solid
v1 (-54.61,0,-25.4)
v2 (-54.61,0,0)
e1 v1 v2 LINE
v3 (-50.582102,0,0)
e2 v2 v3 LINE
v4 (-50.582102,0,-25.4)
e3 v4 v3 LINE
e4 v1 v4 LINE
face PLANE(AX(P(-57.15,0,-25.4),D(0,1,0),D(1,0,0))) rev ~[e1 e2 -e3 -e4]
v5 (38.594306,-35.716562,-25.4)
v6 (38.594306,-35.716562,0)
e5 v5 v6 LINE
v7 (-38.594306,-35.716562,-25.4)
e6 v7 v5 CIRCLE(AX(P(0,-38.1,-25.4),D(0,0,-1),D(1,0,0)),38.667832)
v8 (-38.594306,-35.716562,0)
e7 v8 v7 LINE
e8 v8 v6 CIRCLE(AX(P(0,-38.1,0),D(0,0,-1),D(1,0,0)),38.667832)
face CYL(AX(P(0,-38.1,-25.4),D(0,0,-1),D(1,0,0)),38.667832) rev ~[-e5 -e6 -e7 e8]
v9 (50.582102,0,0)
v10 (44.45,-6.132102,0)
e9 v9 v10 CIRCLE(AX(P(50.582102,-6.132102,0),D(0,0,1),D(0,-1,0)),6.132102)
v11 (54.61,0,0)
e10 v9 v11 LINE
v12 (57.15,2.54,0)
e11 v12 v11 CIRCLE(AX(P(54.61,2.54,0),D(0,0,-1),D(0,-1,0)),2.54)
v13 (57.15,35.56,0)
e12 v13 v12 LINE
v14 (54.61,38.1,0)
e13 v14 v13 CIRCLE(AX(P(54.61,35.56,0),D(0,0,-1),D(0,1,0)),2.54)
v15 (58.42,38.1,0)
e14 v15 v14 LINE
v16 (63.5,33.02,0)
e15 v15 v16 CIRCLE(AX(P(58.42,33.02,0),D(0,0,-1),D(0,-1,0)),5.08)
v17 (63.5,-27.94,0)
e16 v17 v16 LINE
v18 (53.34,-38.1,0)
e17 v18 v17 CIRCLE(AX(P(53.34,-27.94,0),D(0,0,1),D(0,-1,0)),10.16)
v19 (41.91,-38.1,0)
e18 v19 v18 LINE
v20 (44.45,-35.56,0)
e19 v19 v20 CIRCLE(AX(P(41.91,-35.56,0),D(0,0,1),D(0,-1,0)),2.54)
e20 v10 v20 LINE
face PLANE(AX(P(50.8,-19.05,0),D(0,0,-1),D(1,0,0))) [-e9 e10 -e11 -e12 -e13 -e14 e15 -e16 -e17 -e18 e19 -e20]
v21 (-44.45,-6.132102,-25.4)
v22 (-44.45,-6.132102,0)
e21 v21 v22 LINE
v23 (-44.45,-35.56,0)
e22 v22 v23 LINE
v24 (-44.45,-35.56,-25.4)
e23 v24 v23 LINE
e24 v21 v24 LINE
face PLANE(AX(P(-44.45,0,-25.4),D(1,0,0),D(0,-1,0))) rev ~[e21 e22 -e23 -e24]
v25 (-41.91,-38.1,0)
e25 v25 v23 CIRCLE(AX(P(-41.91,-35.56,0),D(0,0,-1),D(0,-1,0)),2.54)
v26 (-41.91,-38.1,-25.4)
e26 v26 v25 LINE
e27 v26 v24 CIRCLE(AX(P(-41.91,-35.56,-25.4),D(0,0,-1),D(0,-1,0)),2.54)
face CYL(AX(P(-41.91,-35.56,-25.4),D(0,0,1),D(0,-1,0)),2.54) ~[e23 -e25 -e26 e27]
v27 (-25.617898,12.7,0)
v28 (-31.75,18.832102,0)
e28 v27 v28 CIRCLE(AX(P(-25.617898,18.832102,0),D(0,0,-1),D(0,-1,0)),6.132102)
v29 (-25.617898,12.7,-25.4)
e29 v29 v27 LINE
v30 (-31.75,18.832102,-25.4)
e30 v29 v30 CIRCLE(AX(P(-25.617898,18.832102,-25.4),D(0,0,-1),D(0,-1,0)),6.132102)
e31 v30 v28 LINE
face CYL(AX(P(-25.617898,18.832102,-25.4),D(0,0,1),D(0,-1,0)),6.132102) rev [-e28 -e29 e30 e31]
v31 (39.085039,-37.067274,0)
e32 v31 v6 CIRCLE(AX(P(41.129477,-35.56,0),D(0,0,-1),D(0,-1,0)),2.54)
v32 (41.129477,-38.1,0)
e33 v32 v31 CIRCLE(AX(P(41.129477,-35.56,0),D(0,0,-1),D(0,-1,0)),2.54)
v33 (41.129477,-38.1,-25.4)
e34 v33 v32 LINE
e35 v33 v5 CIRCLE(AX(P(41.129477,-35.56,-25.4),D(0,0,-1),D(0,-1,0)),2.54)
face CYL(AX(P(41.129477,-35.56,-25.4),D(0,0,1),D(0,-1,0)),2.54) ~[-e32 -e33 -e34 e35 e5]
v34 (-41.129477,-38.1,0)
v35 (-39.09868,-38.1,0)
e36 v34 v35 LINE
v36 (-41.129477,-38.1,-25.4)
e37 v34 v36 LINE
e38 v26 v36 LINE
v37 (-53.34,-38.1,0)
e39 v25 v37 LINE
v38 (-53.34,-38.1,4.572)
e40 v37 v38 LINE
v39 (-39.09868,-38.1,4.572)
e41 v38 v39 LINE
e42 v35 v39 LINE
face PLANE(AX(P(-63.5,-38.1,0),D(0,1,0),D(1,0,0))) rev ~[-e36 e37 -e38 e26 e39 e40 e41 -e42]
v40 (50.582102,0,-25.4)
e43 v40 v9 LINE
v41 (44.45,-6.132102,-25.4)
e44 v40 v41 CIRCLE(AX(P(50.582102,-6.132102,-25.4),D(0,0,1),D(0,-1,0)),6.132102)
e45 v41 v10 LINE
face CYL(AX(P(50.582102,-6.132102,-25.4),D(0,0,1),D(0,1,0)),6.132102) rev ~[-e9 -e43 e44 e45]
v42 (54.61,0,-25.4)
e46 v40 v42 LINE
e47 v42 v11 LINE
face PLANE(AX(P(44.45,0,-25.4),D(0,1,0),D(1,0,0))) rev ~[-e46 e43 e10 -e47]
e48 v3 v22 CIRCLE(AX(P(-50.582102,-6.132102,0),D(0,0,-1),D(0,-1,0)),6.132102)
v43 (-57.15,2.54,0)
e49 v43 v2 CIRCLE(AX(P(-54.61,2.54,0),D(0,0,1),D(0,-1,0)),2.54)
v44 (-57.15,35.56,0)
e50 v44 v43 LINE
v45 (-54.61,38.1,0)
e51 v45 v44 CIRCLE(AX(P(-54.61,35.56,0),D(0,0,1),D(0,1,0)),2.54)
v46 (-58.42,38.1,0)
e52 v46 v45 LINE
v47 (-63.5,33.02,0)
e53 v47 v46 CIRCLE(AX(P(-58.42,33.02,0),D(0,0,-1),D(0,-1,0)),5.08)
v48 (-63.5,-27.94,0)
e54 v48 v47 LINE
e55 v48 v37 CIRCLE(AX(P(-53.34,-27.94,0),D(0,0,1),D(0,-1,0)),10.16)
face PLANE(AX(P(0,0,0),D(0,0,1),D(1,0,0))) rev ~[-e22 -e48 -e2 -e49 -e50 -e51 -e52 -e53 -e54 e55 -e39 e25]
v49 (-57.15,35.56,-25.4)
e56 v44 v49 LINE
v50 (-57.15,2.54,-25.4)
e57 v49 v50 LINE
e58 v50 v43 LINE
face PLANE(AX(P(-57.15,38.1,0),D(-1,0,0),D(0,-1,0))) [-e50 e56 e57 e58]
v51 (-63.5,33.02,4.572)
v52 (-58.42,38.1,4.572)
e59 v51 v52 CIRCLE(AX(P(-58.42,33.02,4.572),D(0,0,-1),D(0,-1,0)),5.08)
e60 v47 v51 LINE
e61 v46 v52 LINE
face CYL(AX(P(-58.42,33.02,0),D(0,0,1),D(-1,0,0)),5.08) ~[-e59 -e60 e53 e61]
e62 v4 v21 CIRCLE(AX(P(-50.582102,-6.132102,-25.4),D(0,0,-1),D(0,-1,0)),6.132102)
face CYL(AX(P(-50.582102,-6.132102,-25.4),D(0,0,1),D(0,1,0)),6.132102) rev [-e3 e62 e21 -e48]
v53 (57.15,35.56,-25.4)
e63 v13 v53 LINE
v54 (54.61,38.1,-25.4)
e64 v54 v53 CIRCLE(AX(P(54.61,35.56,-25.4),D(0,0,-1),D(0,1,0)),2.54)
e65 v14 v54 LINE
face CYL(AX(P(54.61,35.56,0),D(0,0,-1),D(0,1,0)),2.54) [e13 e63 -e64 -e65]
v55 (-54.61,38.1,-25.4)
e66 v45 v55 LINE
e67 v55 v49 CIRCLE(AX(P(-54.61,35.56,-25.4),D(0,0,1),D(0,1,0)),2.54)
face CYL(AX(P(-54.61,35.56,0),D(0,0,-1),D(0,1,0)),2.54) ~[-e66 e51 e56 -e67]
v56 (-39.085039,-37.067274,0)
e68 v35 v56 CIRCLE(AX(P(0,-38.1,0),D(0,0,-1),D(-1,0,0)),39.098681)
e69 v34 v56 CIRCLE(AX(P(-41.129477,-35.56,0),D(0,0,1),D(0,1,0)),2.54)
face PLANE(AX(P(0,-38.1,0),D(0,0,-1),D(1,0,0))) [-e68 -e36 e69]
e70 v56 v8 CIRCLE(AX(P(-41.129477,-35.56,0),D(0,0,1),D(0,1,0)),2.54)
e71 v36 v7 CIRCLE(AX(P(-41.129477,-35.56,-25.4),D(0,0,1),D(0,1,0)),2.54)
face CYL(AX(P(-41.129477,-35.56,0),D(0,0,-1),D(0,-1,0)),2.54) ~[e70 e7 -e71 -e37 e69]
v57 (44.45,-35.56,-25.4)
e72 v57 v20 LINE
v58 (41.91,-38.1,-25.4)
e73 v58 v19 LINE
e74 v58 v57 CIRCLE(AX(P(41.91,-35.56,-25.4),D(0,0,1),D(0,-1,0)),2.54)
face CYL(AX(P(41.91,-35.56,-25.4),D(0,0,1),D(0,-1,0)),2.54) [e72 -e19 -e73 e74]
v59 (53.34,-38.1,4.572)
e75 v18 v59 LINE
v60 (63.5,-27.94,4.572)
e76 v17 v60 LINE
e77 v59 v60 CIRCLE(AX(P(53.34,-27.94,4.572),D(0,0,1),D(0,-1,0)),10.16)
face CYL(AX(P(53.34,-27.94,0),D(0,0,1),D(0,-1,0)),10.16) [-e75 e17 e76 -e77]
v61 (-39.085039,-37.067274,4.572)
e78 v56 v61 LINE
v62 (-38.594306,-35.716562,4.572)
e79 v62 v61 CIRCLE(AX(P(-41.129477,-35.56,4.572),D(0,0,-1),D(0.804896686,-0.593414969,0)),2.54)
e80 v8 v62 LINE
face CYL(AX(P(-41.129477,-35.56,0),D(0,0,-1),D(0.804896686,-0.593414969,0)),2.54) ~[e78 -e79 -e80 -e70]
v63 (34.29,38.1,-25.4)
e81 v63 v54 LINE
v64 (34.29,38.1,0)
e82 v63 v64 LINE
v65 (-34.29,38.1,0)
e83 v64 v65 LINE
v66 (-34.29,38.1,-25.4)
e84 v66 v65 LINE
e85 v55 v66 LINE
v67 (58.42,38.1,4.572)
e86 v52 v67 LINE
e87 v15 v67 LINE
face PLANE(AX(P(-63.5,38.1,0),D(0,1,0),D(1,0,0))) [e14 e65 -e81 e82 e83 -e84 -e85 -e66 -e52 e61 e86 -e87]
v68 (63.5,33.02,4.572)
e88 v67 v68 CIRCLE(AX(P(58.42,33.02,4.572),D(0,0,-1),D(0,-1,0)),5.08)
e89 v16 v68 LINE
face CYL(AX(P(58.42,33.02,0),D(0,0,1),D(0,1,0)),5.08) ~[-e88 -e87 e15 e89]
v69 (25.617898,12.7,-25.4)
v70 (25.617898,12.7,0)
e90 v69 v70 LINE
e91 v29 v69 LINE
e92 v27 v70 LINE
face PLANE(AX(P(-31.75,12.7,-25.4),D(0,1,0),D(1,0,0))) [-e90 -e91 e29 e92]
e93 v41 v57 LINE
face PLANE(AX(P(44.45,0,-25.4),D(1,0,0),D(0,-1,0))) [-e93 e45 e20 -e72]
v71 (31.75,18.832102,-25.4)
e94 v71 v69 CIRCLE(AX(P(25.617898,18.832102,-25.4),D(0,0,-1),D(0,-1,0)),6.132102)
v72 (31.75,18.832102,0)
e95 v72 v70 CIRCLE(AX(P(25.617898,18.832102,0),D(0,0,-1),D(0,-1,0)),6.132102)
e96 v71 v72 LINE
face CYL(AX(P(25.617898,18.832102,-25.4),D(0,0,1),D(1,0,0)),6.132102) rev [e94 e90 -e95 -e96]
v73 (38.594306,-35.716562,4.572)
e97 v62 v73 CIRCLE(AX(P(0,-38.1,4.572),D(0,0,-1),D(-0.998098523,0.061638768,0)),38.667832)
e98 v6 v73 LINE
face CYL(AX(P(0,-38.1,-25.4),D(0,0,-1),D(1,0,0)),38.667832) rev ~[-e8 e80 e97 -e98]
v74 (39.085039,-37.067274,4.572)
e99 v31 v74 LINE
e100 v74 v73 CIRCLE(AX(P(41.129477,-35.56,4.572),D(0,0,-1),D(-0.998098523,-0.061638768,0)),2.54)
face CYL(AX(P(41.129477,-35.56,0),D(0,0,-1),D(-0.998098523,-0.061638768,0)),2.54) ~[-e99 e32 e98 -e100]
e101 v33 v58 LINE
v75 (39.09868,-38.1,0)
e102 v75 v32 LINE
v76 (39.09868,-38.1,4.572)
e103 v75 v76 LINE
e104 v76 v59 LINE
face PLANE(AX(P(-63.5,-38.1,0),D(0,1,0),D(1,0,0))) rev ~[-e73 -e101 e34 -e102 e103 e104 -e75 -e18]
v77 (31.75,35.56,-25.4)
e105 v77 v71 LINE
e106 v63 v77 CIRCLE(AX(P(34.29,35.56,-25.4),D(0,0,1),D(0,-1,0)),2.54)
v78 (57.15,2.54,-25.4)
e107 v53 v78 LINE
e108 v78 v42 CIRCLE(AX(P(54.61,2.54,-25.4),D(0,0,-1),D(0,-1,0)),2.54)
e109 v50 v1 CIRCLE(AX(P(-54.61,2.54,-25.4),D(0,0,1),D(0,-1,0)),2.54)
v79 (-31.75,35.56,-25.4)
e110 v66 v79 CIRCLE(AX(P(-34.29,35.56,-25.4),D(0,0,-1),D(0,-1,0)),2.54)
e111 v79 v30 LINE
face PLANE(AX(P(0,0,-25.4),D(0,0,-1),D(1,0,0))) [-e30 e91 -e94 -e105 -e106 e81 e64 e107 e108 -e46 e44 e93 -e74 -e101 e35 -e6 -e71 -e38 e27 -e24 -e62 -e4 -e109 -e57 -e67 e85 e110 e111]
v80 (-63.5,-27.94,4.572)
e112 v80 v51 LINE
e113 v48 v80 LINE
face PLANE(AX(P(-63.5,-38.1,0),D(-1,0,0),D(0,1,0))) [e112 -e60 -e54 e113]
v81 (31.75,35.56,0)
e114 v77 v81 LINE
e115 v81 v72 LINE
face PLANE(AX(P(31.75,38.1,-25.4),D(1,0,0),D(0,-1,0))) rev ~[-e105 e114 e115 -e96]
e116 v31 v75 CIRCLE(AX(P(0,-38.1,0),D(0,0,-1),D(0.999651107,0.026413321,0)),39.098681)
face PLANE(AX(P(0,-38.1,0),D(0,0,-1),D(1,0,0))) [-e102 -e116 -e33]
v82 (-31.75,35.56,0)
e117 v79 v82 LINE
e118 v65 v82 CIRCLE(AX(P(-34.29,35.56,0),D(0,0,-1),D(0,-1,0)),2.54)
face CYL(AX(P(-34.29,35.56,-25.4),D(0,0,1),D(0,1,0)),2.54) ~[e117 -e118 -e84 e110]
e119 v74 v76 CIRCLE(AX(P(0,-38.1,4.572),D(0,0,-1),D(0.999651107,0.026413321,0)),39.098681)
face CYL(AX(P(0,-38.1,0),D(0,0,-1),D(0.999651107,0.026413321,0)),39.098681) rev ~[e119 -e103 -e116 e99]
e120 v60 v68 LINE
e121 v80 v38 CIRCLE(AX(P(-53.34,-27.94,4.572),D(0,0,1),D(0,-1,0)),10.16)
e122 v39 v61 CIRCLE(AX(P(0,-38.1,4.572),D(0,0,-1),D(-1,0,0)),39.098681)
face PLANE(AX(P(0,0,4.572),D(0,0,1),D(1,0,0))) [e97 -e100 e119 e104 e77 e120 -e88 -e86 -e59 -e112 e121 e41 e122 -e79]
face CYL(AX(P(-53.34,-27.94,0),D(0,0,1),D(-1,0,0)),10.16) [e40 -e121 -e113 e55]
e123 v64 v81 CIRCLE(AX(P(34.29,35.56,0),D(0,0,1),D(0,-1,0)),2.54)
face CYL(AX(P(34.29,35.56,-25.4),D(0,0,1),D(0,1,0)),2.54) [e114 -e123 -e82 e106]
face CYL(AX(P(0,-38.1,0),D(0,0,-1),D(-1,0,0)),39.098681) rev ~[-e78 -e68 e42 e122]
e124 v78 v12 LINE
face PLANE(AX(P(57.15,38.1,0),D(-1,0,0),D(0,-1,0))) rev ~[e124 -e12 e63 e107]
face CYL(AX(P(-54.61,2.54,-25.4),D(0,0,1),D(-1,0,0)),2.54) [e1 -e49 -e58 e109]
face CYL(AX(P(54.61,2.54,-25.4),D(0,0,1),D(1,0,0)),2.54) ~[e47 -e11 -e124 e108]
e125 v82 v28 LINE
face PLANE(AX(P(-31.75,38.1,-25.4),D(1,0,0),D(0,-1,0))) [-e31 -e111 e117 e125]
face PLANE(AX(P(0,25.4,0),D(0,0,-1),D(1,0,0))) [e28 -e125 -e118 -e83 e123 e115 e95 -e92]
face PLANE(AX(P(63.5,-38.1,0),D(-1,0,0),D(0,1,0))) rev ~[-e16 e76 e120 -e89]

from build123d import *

# Parameters (mm, degrees)
F0_W      = 127
F0_H      = 76.2
F1_DEPTH  = 4.572
F2_W      = 114.3
F2_H      = 76.2
F3_DEPTH  = 25.4
F4_W      = 63.5
F4_H      = 25.4
F4_W_2    = 12.7
F4_H_2    = 38.1
F4_R      = 38.6678322827
F5_DEPTH  = 25.4
F6_R      = 10.16
F7_R      = 2.54
F8_R      = 6.1321024484
F9_R      = 5.08
F10_R     = 10.16
F12_DEPTH = 5.08


with BuildPart() as f1:
    # F0 (on Top) → F1 (new body)
    with BuildSketch(Plane.XY):
        Rectangle(F0_W, F0_H)
    extrude(amount=F1_DEPTH)

    # F2 (on face) → F3 (join)
    with BuildSketch(Plane(origin=(0, 0, 0), x_dir=(1, 0, 0), z_dir=(0, 0, -1))):
        Rectangle(F2_W, F2_H)
    extrude(amount=F3_DEPTH)

    # F4 (on face) → F5 (cut)
    with BuildSketch(Plane(origin=(0, 0, -25.4), x_dir=(1, 0, 0), z_dir=(0, 0, -1))):
        with Locations((0, -25.4)):
            Rectangle(F4_W, F4_H)
        with Locations((-50.8, 19.05)):
            Rectangle(F4_W_2, F4_H_2)
        with Locations((50.8, 19.05)):
            Rectangle(F4_W_2, F4_H_2)
        with Locations((0, 38.1)):
            Circle(F4_R)
    extrude(amount=-F5_DEPTH, mode=Mode.SUBTRACT)

    # F6
    f6_edges = [f1.edges().sort_by_distance(p)[0] for p in [
        (-63.5, -38.1, 2.286),
    ]]
    fillet(f6_edges, radius=F6_R)

    # F7
    f7_edges = [f1.edges().sort_by_distance(p)[0] for p in [
        (-44.45, -38.1, -12.7),
        (38.667832, -38.1, -12.7),
        (-38.667832, -38.1, -12.7),
        (44.45, -38.1, -12.7),
        (57.15, 0, -12.7),
        (-57.15, 0, -12.7),
        (-31.75, 38.1, -12.7),
        (-57.15, 38.1, -12.7),
        (57.15, 38.1, -12.7),
        (31.75, 38.1, -12.7),
    ]]
    fillet(f7_edges, radius=F7_R)

    # F8
    f8_edges = [f1.edges().sort_by_distance(p)[0] for p in [
        (-44.45, 0, -12.7),
        (44.45, 0, -12.7),
        (-31.75, 12.7, -12.7),
        (31.75, 12.7, -12.7),
    ]]
    fillet(f8_edges, radius=F8_R)

    # F9
    f9_edges = [f1.edges().sort_by_distance(p)[0] for p in [
        (-63.5, 38.1, 2.286),
        (63.5, 38.1, 2.286),
    ]]
    fillet(f9_edges, radius=F9_R)

    # F10
    f10_edges = [f1.edges().sort_by_distance(p)[0] for p in [
        (63.5, -38.1, 2.286),
    ]]
    fillet(f10_edges, radius=F10_R)

    # F11 (on face) → F12 (cut)
    with BuildSketch(Plane(origin=(0, 0, 0), x_dir=(1, 0, 0), z_dir=(0, 0, -1))):
        with BuildLine():
            ThreePointArc((39.08503897, 37.0672740206), (39.0952697519, 37.5835919656), (39.0986802109, 38.1))
            Line((39.0986802109, 38.1), (38.6678322827, 38.1))
            Line((38.6678322827, 38.1), (-38.6678322827, 38.1))
            Line((-38.6678322827, 38.1), (-39.0986802109, 38.1))
            ThreePointArc((-39.0986802109, 38.1), (-39.0952697519, 37.5835919656), (-39.08503897, 37.0672740206))
            ThreePointArc((-39.08503897, 37.0672740206), (-38.7421543292, 36.4273480296), (-38.5943063027, 35.7165624699))
            ThreePointArc((-38.5943063027, 35.7165624699), (0, -0.5678322827), (38.5943063027, 35.7165624699))
            ThreePointArc((38.5943063027, 35.7165624699), (38.7421543292, 36.4273480296), (39.08503897, 37.0672740206))
        make_face()
    extrude(amount=-F12_DEPTH, mode=Mode.SUBTRACT)


solid = f1.part
